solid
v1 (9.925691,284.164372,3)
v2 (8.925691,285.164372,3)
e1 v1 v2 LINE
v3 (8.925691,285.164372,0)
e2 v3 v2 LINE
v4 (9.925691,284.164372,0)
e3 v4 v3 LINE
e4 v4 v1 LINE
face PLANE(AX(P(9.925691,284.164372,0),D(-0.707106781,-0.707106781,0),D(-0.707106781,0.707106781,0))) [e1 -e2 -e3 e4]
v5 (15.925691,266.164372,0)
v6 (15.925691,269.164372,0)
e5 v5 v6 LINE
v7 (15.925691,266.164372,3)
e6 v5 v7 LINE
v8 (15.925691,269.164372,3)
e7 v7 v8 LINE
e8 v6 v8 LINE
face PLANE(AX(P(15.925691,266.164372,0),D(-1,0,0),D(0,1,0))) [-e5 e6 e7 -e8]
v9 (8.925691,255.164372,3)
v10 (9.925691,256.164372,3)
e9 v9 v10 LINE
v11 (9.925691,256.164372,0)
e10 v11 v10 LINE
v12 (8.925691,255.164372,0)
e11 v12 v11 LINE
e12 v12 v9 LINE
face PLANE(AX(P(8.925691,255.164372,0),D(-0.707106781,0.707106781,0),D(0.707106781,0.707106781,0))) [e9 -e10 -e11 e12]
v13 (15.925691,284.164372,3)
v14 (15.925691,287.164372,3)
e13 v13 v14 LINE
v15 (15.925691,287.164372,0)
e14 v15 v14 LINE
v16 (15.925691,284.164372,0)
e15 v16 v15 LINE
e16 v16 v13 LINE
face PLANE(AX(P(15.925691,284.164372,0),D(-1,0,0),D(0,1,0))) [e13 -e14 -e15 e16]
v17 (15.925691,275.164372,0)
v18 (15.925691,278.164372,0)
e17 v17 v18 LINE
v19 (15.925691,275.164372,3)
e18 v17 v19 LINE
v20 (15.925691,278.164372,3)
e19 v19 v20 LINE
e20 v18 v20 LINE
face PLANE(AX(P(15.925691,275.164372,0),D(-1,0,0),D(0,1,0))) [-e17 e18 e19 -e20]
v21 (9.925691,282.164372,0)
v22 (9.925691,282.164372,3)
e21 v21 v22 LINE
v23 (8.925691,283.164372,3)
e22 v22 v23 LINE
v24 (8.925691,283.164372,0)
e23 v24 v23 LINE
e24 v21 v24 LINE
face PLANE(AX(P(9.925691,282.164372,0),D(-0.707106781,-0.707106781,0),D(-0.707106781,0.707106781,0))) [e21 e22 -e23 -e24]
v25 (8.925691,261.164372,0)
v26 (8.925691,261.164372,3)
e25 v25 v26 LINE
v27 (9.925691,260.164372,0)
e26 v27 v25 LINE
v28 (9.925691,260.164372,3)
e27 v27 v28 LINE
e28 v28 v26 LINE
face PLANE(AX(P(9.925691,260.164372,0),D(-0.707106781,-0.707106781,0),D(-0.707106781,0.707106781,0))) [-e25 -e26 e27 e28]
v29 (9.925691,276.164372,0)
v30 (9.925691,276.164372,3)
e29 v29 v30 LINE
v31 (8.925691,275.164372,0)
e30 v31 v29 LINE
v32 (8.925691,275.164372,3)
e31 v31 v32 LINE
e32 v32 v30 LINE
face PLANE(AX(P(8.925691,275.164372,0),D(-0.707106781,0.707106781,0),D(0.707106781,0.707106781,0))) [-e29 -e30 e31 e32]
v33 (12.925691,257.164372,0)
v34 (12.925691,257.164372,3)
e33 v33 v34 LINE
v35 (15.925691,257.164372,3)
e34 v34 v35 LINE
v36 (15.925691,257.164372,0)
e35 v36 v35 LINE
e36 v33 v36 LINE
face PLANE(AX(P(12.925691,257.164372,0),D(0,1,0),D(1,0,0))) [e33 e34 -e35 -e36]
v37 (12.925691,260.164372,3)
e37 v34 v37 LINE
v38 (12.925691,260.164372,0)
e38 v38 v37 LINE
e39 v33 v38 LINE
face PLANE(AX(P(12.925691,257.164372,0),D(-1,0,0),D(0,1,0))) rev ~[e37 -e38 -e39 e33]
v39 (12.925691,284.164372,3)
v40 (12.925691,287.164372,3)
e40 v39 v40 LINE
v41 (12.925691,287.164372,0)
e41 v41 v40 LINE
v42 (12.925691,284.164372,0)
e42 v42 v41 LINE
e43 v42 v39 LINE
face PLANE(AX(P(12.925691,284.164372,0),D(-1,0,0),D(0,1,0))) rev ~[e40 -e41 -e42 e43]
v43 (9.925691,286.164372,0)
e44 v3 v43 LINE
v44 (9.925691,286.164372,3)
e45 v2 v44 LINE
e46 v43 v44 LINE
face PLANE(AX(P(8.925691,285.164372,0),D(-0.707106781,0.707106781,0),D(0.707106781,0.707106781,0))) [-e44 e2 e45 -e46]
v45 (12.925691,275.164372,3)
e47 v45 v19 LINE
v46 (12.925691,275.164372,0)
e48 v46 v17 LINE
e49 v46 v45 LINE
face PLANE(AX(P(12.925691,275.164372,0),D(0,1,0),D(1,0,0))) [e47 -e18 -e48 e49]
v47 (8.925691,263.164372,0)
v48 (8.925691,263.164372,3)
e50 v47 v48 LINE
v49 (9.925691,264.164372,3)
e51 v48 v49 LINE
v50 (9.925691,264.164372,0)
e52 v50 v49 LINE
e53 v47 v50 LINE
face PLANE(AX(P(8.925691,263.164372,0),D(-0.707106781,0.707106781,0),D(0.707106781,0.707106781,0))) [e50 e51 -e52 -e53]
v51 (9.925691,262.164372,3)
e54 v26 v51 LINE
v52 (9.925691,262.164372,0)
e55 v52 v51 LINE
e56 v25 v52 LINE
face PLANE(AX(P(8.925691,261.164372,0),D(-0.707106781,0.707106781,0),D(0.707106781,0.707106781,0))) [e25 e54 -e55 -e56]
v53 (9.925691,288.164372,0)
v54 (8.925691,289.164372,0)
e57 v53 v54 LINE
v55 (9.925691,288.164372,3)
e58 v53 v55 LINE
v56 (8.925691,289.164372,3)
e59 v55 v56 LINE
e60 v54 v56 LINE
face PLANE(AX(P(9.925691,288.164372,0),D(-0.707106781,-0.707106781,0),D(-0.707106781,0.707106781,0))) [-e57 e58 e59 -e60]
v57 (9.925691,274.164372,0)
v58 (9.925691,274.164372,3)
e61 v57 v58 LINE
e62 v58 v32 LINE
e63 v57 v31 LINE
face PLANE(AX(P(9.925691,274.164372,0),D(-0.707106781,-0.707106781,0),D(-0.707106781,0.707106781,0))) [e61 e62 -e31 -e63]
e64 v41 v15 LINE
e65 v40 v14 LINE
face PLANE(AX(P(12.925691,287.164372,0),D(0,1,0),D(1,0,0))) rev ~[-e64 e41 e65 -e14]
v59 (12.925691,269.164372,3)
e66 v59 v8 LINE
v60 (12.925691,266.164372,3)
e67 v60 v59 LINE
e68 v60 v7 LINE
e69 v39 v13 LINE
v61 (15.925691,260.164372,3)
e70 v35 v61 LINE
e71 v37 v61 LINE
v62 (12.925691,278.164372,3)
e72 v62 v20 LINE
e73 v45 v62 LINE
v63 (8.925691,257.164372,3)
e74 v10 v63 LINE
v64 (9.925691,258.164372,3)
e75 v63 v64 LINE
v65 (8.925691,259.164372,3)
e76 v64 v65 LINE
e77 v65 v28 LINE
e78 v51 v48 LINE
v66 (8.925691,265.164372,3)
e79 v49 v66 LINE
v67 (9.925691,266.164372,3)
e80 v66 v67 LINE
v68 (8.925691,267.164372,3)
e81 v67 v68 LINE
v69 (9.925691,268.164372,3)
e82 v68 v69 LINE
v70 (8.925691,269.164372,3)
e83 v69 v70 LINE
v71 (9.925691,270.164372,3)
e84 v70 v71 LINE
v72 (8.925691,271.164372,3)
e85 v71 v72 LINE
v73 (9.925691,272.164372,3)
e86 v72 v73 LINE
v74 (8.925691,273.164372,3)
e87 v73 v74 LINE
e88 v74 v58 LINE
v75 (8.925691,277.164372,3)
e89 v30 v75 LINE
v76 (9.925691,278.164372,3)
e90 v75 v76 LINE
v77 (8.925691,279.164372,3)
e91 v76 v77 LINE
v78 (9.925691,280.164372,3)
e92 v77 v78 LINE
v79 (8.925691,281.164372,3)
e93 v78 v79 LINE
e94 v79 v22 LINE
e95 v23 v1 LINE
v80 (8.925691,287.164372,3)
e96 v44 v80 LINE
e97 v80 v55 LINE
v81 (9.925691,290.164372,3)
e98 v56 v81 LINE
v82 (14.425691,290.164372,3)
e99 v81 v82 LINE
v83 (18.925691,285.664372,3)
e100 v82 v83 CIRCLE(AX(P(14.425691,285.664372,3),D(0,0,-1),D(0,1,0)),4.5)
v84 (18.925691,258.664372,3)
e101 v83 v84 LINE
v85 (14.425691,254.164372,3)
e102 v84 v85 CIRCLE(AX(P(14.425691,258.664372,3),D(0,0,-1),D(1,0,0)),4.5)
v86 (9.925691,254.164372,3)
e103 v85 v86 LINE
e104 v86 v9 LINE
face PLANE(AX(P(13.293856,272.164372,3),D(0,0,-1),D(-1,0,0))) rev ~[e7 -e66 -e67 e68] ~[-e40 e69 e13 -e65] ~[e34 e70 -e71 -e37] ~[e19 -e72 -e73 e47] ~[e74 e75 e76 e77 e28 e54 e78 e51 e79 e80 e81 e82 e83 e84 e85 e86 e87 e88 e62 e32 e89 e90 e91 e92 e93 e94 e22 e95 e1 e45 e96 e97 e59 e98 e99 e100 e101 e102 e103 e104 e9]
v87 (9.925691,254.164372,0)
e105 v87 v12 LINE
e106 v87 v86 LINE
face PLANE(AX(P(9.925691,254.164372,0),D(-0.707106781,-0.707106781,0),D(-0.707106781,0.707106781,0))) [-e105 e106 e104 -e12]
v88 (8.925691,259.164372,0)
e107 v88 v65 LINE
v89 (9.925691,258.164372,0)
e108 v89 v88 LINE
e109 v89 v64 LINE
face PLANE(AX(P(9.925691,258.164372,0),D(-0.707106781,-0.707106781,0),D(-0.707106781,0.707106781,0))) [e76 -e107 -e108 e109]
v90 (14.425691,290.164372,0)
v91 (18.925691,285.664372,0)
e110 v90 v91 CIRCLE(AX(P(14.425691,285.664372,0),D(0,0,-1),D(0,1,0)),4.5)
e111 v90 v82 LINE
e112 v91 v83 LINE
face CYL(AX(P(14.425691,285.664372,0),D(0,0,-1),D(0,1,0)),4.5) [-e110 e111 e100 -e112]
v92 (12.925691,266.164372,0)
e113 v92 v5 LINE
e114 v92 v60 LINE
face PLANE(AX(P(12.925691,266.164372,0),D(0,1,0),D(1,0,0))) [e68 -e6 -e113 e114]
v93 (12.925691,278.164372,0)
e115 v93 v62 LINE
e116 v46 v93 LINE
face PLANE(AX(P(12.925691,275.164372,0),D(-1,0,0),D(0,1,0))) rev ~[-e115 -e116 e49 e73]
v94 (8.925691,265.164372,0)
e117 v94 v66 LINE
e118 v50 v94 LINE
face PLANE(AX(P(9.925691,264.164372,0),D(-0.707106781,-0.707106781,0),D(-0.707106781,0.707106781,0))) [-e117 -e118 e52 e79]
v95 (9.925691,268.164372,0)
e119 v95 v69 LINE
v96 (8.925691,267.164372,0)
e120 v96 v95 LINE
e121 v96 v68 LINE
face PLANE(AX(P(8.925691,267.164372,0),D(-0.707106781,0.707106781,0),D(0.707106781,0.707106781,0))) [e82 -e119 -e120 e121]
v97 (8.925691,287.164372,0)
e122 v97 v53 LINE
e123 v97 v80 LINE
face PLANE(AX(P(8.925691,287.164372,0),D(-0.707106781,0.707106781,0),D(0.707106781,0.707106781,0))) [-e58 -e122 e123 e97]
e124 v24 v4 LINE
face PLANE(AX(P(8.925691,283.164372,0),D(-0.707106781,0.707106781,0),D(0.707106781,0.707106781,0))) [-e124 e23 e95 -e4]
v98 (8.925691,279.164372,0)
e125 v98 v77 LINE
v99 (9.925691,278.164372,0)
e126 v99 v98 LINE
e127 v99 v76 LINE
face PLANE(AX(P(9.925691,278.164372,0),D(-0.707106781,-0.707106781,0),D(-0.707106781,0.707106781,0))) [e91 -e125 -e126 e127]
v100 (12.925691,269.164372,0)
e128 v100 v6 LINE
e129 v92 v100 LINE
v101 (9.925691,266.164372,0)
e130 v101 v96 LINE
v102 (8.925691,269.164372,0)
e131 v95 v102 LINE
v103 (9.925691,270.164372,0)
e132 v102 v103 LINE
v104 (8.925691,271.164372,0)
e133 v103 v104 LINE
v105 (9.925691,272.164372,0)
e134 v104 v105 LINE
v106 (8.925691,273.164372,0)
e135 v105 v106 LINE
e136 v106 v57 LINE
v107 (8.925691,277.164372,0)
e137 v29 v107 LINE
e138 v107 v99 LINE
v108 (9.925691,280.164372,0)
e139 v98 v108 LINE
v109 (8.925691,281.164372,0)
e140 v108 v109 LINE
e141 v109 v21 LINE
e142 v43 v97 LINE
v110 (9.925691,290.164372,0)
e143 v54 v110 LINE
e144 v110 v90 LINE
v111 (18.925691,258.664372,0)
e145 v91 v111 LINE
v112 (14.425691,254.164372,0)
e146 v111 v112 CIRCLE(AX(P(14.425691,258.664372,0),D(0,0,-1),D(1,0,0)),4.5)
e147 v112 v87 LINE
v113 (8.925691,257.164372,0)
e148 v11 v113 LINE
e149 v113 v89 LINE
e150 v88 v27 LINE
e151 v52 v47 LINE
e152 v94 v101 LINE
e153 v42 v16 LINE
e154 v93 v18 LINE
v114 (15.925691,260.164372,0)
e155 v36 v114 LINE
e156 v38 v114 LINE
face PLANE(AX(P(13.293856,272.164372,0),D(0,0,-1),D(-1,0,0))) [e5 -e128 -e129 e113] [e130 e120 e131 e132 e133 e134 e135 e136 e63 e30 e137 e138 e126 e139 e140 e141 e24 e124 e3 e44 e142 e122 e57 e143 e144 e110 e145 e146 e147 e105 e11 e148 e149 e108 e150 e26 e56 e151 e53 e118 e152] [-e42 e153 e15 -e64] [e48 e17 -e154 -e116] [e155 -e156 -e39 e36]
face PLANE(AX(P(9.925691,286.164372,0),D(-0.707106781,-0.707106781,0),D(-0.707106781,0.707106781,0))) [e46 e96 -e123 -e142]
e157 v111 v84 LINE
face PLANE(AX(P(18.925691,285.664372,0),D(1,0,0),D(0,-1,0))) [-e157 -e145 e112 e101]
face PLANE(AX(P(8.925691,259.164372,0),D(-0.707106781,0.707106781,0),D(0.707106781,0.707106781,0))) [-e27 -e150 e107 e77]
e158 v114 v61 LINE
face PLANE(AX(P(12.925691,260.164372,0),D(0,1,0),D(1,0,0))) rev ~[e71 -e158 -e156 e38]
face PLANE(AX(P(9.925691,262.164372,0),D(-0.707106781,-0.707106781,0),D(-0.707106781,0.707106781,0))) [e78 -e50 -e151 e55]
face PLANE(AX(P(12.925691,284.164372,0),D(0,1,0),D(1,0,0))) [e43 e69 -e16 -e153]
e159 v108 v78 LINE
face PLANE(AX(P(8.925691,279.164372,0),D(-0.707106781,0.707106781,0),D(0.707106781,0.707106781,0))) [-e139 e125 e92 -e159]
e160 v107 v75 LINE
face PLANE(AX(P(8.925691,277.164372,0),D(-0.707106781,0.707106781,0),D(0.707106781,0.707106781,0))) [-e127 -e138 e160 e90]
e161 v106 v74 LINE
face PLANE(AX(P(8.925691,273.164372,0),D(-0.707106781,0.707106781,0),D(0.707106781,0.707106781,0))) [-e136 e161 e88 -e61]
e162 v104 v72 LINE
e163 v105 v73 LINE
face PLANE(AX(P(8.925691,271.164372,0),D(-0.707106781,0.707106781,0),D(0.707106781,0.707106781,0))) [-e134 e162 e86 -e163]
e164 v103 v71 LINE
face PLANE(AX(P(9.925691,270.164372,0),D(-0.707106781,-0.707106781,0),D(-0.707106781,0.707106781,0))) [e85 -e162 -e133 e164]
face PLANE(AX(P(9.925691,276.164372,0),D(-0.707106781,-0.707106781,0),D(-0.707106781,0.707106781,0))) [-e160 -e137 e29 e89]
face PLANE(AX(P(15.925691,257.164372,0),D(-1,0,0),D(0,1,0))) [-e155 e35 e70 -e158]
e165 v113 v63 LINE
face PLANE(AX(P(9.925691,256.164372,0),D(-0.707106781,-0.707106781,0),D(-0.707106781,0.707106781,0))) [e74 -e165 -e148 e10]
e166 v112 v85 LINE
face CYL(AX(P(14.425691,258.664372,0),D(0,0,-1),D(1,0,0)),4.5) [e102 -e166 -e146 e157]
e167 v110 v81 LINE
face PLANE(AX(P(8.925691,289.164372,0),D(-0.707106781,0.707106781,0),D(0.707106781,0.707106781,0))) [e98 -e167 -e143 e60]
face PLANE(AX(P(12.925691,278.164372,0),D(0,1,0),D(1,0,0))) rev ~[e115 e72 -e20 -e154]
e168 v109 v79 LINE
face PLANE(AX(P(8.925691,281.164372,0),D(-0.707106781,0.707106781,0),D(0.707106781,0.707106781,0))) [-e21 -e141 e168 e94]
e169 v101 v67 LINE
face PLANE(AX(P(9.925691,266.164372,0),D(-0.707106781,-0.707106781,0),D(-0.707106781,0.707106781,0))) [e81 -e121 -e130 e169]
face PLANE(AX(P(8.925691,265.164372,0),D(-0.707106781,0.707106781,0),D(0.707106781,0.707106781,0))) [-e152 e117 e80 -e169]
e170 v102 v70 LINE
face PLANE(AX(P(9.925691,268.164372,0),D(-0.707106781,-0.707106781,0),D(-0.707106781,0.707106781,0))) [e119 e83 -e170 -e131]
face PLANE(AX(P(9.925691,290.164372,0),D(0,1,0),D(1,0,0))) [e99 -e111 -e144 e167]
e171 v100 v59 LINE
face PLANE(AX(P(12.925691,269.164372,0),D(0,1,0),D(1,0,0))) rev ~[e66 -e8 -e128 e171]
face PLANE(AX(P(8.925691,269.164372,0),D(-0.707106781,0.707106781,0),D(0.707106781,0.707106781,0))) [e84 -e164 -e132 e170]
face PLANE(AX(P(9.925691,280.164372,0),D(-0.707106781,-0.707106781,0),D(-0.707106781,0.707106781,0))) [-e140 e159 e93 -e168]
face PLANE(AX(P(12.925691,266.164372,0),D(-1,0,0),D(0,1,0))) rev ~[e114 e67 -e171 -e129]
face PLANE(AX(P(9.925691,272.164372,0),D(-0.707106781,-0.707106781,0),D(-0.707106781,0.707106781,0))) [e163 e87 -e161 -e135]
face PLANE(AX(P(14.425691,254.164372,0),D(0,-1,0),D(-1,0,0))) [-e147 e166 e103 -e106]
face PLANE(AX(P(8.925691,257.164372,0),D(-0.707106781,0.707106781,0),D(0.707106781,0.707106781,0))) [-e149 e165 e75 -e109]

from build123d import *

# Parameters (mm, degrees)
MODEL_W                 = 3
MODEL_H                 = 3
SALIENTE_EXTRUIR1_DEPTH = 3


with BuildPart() as part:
    # Model → Saliente-Extruir1 (new body)
    with BuildSketch(Plane.XY):
        with BuildLine():
            Line((9.925690899, 288.164372243), (8.925690899, 289.164372243))
            Line((8.925690899, 289.164372243), (9.925690899, 290.164372243))
            Line((9.925690899, 290.164372243), (14.425690899, 290.164372243))
            ThreePointArc((14.425690899, 290.164372243), (17.607671414, 288.846352758), (18.925690899, 285.664372243))
            Line((18.925690899, 285.664372243), (18.925690899, 258.664372243))
            ThreePointArc((18.925690899, 258.664372243), (17.607671414, 255.482391728), (14.425690899, 254.164372243))
            Line((14.425690899, 254.164372243), (9.925690899, 254.164372243))
            Line((9.925690899, 254.164372243), (8.925690899, 255.164372243))
            Line((8.925690899, 255.164372243), (9.925690899, 256.164372243))
            Line((9.925690899, 256.164372243), (8.925690899, 257.164372243))
            Line((8.925690899, 257.164372243), (9.925690899, 258.164372243))
            Line((9.925690899, 258.164372243), (8.925690899, 259.164372243))
            Line((8.925690899, 259.164372243), (9.925690899, 260.164372243))
            Line((9.925690899, 260.164372243), (8.925690899, 261.164372243))
            Line((8.925690899, 261.164372243), (9.925690899, 262.164372243))
            Line((9.925690899, 262.164372243), (8.925690899, 263.164372243))
            Line((8.925690899, 263.164372243), (9.925690899, 264.164372243))
            Line((9.925690899, 264.164372243), (8.925690899, 265.164372243))
            Line((8.925690899, 265.164372243), (9.925690899, 266.164372243))
            Line((9.925690899, 266.164372243), (8.925690899, 267.164372243))
            Line((8.925690899, 267.164372243), (9.925690899, 268.164372243))
            Line((9.925690899, 268.164372243), (8.925690899, 269.164372243))
            Line((8.925690899, 269.164372243), (9.925690899, 270.164372243))
            Line((9.925690899, 270.164372243), (8.925690899, 271.164372243))
            Line((8.925690899, 271.164372243), (9.925690899, 272.164372243))
            Line((9.925690899, 272.164372243), (8.925690899, 273.164372243))
            Line((8.925690899, 273.164372243), (9.925690899, 274.164372243))
            Line((9.925690899, 274.164372243), (8.925690899, 275.164372243))
            Line((8.925690899, 275.164372243), (9.925690899, 276.164372243))
            Line((9.925690899, 276.164372243), (8.925690899, 277.164372243))
            Line((8.925690899, 277.164372243), (9.925690899, 278.164372243))
            Line((9.925690899, 278.164372243), (8.925690899, 279.164372243))
            Line((8.925690899, 279.164372243), (9.925690899, 280.164372243))
            Line((9.925690899, 280.164372243), (8.925690899, 281.164372243))
            Line((8.925690899, 281.164372243), (9.925690899, 282.164372243))
            Line((9.925690899, 282.164372243), (8.925690899, 283.164372243))
            Line((8.925690899, 283.164372243), (9.925690899, 284.164372243))
            Line((9.925690899, 284.164372243), (8.925690899, 285.164372243))
            Line((8.925690899, 285.164372243), (9.925690899, 286.164372243))
            Line((9.925690899, 286.164372243), (8.925690899, 287.164372243))
            Line((8.925690899, 287.164372243), (9.925690899, 288.164372243))
        make_face()
        with Locations((14.425690899, 285.664372243)):
            Rectangle(MODEL_W, MODEL_H, mode=Mode.SUBTRACT)
        with Locations((14.425690899, 276.664372243)):
            Rectangle(MODEL_W, MODEL_H, mode=Mode.SUBTRACT)
        with Locations((14.425690899, 258.664372243)):
            Rectangle(MODEL_W, MODEL_H, mode=Mode.SUBTRACT)
        with Locations((14.425690899, 267.664372243)):
            Rectangle(MODEL_W, MODEL_H, mode=Mode.SUBTRACT)
    extrude(amount=SALIENTE_EXTRUIR1_DEPTH)


solid = part.part
